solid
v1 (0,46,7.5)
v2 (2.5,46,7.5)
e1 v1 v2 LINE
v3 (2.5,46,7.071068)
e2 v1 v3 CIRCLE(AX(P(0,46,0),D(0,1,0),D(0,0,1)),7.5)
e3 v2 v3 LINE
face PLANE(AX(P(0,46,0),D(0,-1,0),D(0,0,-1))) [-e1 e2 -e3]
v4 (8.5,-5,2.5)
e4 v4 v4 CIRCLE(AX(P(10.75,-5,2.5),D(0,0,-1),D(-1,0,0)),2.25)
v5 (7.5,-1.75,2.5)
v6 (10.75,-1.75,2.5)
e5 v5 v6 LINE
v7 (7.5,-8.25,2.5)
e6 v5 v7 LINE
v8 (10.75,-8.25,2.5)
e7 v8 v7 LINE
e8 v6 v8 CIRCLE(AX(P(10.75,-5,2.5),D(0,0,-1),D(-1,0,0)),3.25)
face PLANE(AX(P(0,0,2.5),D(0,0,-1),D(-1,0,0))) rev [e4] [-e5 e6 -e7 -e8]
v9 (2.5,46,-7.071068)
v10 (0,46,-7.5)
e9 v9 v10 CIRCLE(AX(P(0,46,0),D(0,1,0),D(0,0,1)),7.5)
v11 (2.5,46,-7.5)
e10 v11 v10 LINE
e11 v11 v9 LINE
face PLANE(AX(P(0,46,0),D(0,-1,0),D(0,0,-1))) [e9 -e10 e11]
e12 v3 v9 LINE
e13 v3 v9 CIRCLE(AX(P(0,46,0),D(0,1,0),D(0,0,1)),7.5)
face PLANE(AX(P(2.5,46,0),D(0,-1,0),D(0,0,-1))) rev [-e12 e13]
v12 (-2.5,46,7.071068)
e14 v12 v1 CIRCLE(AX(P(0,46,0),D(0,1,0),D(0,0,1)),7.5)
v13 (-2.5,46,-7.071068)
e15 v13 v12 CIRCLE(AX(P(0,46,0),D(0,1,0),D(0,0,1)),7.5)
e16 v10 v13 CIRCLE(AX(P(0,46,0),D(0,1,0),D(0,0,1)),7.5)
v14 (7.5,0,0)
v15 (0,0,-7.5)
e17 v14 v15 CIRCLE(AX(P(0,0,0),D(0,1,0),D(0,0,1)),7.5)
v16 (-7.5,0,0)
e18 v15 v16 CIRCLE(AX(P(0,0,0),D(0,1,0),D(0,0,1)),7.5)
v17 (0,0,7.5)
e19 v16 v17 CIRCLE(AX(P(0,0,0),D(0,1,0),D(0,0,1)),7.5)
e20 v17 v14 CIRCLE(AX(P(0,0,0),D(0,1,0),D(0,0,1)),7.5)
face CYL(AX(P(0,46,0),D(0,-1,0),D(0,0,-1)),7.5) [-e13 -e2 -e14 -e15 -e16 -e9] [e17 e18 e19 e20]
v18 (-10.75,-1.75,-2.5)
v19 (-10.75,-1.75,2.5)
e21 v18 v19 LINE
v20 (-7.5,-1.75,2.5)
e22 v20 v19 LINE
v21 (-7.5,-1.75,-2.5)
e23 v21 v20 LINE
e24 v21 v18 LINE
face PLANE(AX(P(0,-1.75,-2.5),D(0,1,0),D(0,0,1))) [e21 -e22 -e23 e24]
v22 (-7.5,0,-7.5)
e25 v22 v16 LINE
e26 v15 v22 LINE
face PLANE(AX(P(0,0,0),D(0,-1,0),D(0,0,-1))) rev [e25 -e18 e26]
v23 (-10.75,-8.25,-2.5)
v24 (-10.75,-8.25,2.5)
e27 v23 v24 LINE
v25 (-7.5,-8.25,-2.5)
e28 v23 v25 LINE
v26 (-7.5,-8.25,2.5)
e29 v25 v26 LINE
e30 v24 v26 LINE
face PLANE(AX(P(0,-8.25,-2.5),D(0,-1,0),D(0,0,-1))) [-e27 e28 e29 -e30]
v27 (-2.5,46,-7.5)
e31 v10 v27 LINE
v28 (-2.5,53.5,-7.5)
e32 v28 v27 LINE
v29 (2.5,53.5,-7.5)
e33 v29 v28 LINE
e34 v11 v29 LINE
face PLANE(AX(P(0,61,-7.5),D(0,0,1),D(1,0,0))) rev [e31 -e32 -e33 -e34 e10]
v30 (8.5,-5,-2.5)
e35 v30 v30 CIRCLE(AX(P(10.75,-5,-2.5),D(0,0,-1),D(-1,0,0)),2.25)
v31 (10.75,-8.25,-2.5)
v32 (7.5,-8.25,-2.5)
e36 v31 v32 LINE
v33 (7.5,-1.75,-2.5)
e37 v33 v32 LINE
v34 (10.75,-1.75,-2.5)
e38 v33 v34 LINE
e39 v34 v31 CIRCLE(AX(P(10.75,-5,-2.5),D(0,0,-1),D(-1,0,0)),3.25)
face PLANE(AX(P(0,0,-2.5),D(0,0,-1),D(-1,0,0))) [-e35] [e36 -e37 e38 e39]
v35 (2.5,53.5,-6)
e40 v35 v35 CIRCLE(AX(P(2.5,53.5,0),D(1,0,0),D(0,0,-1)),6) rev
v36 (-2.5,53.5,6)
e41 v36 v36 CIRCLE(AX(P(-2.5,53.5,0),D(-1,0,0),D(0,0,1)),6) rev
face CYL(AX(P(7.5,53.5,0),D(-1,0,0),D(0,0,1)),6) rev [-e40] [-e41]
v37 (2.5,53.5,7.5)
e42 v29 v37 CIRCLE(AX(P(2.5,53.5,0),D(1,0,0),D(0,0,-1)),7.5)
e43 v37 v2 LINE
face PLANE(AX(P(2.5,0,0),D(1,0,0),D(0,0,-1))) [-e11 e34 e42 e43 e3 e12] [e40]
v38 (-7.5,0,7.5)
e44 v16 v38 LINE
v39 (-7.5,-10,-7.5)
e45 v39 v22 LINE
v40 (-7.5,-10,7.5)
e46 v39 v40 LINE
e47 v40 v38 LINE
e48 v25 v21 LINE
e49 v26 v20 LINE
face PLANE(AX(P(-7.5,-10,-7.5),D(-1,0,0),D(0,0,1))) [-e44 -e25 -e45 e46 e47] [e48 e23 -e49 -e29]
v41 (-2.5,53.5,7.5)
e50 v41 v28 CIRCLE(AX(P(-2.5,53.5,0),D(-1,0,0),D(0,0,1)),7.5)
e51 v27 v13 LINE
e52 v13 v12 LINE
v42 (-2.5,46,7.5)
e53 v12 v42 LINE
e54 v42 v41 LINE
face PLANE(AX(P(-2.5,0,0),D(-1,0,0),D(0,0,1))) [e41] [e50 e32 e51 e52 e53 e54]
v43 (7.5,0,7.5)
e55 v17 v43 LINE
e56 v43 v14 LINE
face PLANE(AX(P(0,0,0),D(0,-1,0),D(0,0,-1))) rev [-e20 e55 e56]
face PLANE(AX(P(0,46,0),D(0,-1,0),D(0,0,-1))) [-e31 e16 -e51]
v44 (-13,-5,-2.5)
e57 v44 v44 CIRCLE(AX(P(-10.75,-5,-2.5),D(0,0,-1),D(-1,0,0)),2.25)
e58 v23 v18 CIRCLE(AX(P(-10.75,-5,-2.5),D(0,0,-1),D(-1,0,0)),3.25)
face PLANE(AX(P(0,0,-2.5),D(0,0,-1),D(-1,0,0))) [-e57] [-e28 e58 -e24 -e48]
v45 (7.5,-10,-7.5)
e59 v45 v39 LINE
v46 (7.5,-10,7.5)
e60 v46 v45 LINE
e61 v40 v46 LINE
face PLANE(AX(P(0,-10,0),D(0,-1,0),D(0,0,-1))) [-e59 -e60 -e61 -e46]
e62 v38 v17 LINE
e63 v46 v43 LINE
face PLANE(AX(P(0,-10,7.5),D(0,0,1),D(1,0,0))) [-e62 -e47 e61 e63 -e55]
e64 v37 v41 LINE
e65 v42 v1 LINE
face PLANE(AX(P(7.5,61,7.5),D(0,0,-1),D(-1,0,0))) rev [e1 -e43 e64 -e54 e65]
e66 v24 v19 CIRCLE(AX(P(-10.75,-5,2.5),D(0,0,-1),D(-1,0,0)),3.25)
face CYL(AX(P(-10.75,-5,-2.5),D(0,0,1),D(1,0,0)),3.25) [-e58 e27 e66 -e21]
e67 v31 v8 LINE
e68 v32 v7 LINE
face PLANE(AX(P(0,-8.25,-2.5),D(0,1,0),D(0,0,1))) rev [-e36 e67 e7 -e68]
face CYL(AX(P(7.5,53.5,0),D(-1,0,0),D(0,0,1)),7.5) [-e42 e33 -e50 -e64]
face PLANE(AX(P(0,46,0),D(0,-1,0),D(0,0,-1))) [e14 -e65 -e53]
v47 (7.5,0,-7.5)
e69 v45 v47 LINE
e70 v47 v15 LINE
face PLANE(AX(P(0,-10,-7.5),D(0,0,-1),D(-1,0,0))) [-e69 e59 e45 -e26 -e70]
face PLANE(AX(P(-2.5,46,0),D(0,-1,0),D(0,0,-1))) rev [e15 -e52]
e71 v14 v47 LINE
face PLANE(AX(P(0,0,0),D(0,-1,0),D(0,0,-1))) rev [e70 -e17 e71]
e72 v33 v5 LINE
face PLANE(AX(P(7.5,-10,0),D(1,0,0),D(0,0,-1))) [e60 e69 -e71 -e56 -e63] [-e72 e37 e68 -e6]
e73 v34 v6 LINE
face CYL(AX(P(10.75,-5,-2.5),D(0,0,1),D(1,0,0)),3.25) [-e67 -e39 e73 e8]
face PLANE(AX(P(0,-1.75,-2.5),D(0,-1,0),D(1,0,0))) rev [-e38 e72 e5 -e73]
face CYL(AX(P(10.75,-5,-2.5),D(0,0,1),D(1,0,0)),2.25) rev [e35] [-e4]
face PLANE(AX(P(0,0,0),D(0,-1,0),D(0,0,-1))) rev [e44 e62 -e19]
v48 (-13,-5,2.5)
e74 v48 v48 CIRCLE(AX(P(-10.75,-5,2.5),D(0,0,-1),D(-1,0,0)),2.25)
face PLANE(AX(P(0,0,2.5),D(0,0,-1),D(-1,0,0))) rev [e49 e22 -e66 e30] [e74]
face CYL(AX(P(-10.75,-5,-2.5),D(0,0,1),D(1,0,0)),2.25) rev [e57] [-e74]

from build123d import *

# Parameters (mm, degrees)
SKETCH1_R           = 7.5
BOSS_EXTRUDE1_DEPTH = 46
SKETCH2_W           = 15
SKETCH2_H           = 15
BOSS_EXTRUDE2_DEPTH = 10
BOSS_EXTRUDE3_DEPTH = 15
CUT_EXTRUDE4_DEPTH  = 64.263338514
SKETCH6_R           = 6
CUT_EXTRUDE5_DEPTH  = 64.263338514
SKETCH7_R           = 6
CUT_EXTRUDE6_DEPTH  = 5
CUT_EXTRUDE7_START  = -5
CUT_EXTRUDE7_DEPTH  = 5
SKETCH11_R          = 3.25
SKETCH11_R_2        = 2.25
BOSS_EXTRUDE4_DEPTH = 2.5
BOSS_EXTRUDE5_DEPTH = 2.5


with BuildPart() as part:
    # Sketch1 → Boss-Extrude1 (new body)
    with BuildSketch(Plane(origin=(0, 0, 0), x_dir=(1, 0, 0), z_dir=(0, 1, 0))):
        with Locations(Location((0, 0, 0), (0, 0, 270))):
            Circle(SKETCH1_R)
    extrude(amount=BOSS_EXTRUDE1_DEPTH)

    # Sketch2 → Boss-Extrude2 (add)
    with BuildSketch(Plane.XZ):
        Rectangle(SKETCH2_W, SKETCH2_H)
    extrude(amount=BOSS_EXTRUDE2_DEPTH)

    # Sketch4 → Boss-Extrude3 (add)
    with BuildSketch(Plane(origin=(0, 46, 0), x_dir=(1, 0, 0), z_dir=(0, 1, 0))):
        Polygon((0, 7.5), (7.5, 7.5), (7.5, -7.5), (-7.5, -7.5), (-7.5, 7.5), align=None)
    extrude(amount=BOSS_EXTRUDE3_DEPTH)

    # Sketch5 → Cut-Extrude4 (cut, through all)
    with BuildSketch(Plane.ZY.offset(7.5)):
        with BuildLine():
            ThreePointArc((-7.5, 53.5), (-5.303300859, 58.803300859), (0, 61))
            Line((0, 61), (-7.5, 61))
            Line((-7.5, 61), (-7.5, 53.5))
        make_face()
        with BuildLine():
            Line((7.5, 61), (0, 61))
            ThreePointArc((0, 61), (5.303300859, 58.803300859), (7.5, 53.5))
            Line((7.5, 53.5), (7.5, 61))
        make_face()
    extrude(amount=-CUT_EXTRUDE4_DEPTH, mode=Mode.SUBTRACT)

    # Sketch6 → Cut-Extrude5 (cut, through all)
    with BuildSketch(Plane.ZY.offset(7.5)):
        with Locations((0, 53.5)):
            Circle(SKETCH6_R)
    extrude(amount=-CUT_EXTRUDE5_DEPTH, mode=Mode.SUBTRACT)

    # Sketch7 → Cut-Extrude6 (cut)
    # profile 1 of 4: a face of its own
    with BuildSketch(Plane.ZY.offset(7.5)):
        with BuildLine():
            ThreePointArc((0, 46), (-5.303300859, 48.196699141), (-7.5, 53.5))
            Line((-7.5, 53.5), (-7.5, 46))
            Line((-7.5, 46), (0, 46))
        make_face()
    # profile 2 of 4: a face of its own
    with BuildSketch(Plane.ZY.offset(7.5)):
        with BuildLine():
            Line((7.5, 46), (7.5, 53.5))
            ThreePointArc((7.5, 53.5), (5.303300859, 48.196699141), (0, 46))
            Line((0, 46), (7.5, 46))
        make_face()
    # profile 3 of 4: a face of its own
    with BuildSketch(Plane.ZY.offset(7.5)):
        with BuildLine():
            ThreePointArc((7.5, 53.5), (0, 61), (-7.5, 53.5))
            ThreePointArc((-7.5, 53.5), (-5.303300859, 48.196699141), (0, 46))
            ThreePointArc((0, 46), (5.303300859, 48.196699141), (7.5, 53.5))
        make_face()
        with Locations((0, 53.5)):
            Circle(SKETCH7_R, mode=Mode.SUBTRACT)
    # profile 4 of 4: a face of its own
    with BuildSketch(Plane.ZY.offset(7.5)):
        with Locations((0, 53.5)):
            Circle(SKETCH7_R)
    extrude(amount=-CUT_EXTRUDE6_DEPTH, mode=Mode.SUBTRACT)

    # Sketch10 → Cut-Extrude7 (cut)
    with BuildSketch(Plane(origin=(7.5, 0, 0), x_dir=(0, 0, -1), z_dir=(1, 0, 0)).offset(CUT_EXTRUDE7_START)):
        with BuildLine():
            Line((7.5, 53.5), (6, 53.5))
            ThreePointArc((6, 53.5), (0, 47.5), (-6, 53.5))
            Line((-6, 53.5), (-7.5, 53.5))
            Line((-7.5, 53.5), (-7.5, 46))
            Line((-7.5, 46), (0, 46))
            Line((0, 46), (7.5, 46))
            Line((7.5, 46), (7.5, 53.5))
        make_face()
        with BuildLine():
            ThreePointArc((-6, 53.5), (0, 59.5), (6, 53.5))
            Line((6, 53.5), (7.5, 53.5))
            ThreePointArc((7.5, 53.5), (0, 61), (-7.5, 53.5))
            Line((-7.5, 53.5), (-6, 53.5))
        make_face()
    extrude(amount=CUT_EXTRUDE7_DEPTH, mode=Mode.SUBTRACT)

    # Sketch11 → Boss-Extrude4 (add, symmetric)
    # profile 1 of 3: a face of its own
    with BuildSketch(Plane(origin=(0, 0, 0), x_dir=(-1, 0, 0), z_dir=(0, 0, -1))):
        with BuildLine():
            Line((7.5, -1.75), (7.5, -5))
            ThreePointArc((7.5, -5), (8.451902961, -2.701902961), (10.75, -1.75))
            Line((10.75, -1.75), (7.5, -1.75))
        make_face()
    # profile 2 of 3: a face of its own
    with BuildSketch(Plane(origin=(0, 0, 0), x_dir=(-1, 0, 0), z_dir=(0, 0, -1))):
        with BuildLine():
            Line((7.5, -5), (7.5, -8.25))
            Line((7.5, -8.25), (10.75, -8.25))
            ThreePointArc((10.75, -8.25), (8.451902961, -7.298097039), (7.5, -5))
        make_face()
    # profile 3 of 3: a face of its own
    with BuildSketch(Plane(origin=(0, 0, 0), x_dir=(-1, 0, 0), z_dir=(0, 0, -1))):
        with Locations((10.75, -5)):
            Circle(SKETCH11_R)
        with Locations((10.75, -5)):
            Circle(SKETCH11_R_2, mode=Mode.SUBTRACT)
    extrude(amount=BOSS_EXTRUDE4_DEPTH, both=True)

    # Sketch12 → Boss-Extrude5 (add, symmetric)
    with BuildSketch(Plane(origin=(0, 0, 0), x_dir=(-1, 0, 0), z_dir=(0, 0, -1))):
        with BuildLine():
            Line((-7.5, -8.25), (-7.5, -5))
            ThreePointArc((-7.5, -5), (-8.451902961, -7.298097039), (-10.75, -8.25))
            Line((-10.75, -8.25), (-7.5, -8.25))
        make_face()
        with BuildLine():
            Line((-7.5, -5), (-7.5, -1.75))
            Line((-7.5, -1.75), (-10.75, -1.75))
            ThreePointArc((-10.75, -1.75), (-8.451902961, -2.701902961), (-7.5, -5))
        make_face()
        with BuildLine():
            ThreePointArc((-7.5, -5), (-8.451902961, -2.701902961), (-10.75, -1.75))
            Line((-10.75, -1.75), (-10.75, -2.75))
            ThreePointArc((-10.75, -2.75), (-9.159009742, -3.409009742), (-8.5, -5))
            Line((-8.5, -5), (-7.5, -5))
        make_face()
        with BuildLine():
            ThreePointArc((-10.75, -8.25), (-8.451902961, -7.298097039), (-7.5, -5))
            Line((-7.5, -5), (-8.5, -5))
            ThreePointArc((-8.5, -5), (-9.159009742, -6.590990258), (-10.75, -7.25))
            Line((-10.75, -7.25), (-10.75, -8.25))
        make_face()
        with BuildLine():
            Line((-10.75, -2.75), (-10.75, -1.75))
            ThreePointArc((-10.75, -1.75), (-14, -5), (-10.75, -8.25))
            Line((-10.75, -8.25), (-10.75, -7.25))
            ThreePointArc((-10.75, -7.25), (-13, -5), (-10.75, -2.75))
        make_face()
    extrude(amount=BOSS_EXTRUDE5_DEPTH, both=True)


solid = part.part
